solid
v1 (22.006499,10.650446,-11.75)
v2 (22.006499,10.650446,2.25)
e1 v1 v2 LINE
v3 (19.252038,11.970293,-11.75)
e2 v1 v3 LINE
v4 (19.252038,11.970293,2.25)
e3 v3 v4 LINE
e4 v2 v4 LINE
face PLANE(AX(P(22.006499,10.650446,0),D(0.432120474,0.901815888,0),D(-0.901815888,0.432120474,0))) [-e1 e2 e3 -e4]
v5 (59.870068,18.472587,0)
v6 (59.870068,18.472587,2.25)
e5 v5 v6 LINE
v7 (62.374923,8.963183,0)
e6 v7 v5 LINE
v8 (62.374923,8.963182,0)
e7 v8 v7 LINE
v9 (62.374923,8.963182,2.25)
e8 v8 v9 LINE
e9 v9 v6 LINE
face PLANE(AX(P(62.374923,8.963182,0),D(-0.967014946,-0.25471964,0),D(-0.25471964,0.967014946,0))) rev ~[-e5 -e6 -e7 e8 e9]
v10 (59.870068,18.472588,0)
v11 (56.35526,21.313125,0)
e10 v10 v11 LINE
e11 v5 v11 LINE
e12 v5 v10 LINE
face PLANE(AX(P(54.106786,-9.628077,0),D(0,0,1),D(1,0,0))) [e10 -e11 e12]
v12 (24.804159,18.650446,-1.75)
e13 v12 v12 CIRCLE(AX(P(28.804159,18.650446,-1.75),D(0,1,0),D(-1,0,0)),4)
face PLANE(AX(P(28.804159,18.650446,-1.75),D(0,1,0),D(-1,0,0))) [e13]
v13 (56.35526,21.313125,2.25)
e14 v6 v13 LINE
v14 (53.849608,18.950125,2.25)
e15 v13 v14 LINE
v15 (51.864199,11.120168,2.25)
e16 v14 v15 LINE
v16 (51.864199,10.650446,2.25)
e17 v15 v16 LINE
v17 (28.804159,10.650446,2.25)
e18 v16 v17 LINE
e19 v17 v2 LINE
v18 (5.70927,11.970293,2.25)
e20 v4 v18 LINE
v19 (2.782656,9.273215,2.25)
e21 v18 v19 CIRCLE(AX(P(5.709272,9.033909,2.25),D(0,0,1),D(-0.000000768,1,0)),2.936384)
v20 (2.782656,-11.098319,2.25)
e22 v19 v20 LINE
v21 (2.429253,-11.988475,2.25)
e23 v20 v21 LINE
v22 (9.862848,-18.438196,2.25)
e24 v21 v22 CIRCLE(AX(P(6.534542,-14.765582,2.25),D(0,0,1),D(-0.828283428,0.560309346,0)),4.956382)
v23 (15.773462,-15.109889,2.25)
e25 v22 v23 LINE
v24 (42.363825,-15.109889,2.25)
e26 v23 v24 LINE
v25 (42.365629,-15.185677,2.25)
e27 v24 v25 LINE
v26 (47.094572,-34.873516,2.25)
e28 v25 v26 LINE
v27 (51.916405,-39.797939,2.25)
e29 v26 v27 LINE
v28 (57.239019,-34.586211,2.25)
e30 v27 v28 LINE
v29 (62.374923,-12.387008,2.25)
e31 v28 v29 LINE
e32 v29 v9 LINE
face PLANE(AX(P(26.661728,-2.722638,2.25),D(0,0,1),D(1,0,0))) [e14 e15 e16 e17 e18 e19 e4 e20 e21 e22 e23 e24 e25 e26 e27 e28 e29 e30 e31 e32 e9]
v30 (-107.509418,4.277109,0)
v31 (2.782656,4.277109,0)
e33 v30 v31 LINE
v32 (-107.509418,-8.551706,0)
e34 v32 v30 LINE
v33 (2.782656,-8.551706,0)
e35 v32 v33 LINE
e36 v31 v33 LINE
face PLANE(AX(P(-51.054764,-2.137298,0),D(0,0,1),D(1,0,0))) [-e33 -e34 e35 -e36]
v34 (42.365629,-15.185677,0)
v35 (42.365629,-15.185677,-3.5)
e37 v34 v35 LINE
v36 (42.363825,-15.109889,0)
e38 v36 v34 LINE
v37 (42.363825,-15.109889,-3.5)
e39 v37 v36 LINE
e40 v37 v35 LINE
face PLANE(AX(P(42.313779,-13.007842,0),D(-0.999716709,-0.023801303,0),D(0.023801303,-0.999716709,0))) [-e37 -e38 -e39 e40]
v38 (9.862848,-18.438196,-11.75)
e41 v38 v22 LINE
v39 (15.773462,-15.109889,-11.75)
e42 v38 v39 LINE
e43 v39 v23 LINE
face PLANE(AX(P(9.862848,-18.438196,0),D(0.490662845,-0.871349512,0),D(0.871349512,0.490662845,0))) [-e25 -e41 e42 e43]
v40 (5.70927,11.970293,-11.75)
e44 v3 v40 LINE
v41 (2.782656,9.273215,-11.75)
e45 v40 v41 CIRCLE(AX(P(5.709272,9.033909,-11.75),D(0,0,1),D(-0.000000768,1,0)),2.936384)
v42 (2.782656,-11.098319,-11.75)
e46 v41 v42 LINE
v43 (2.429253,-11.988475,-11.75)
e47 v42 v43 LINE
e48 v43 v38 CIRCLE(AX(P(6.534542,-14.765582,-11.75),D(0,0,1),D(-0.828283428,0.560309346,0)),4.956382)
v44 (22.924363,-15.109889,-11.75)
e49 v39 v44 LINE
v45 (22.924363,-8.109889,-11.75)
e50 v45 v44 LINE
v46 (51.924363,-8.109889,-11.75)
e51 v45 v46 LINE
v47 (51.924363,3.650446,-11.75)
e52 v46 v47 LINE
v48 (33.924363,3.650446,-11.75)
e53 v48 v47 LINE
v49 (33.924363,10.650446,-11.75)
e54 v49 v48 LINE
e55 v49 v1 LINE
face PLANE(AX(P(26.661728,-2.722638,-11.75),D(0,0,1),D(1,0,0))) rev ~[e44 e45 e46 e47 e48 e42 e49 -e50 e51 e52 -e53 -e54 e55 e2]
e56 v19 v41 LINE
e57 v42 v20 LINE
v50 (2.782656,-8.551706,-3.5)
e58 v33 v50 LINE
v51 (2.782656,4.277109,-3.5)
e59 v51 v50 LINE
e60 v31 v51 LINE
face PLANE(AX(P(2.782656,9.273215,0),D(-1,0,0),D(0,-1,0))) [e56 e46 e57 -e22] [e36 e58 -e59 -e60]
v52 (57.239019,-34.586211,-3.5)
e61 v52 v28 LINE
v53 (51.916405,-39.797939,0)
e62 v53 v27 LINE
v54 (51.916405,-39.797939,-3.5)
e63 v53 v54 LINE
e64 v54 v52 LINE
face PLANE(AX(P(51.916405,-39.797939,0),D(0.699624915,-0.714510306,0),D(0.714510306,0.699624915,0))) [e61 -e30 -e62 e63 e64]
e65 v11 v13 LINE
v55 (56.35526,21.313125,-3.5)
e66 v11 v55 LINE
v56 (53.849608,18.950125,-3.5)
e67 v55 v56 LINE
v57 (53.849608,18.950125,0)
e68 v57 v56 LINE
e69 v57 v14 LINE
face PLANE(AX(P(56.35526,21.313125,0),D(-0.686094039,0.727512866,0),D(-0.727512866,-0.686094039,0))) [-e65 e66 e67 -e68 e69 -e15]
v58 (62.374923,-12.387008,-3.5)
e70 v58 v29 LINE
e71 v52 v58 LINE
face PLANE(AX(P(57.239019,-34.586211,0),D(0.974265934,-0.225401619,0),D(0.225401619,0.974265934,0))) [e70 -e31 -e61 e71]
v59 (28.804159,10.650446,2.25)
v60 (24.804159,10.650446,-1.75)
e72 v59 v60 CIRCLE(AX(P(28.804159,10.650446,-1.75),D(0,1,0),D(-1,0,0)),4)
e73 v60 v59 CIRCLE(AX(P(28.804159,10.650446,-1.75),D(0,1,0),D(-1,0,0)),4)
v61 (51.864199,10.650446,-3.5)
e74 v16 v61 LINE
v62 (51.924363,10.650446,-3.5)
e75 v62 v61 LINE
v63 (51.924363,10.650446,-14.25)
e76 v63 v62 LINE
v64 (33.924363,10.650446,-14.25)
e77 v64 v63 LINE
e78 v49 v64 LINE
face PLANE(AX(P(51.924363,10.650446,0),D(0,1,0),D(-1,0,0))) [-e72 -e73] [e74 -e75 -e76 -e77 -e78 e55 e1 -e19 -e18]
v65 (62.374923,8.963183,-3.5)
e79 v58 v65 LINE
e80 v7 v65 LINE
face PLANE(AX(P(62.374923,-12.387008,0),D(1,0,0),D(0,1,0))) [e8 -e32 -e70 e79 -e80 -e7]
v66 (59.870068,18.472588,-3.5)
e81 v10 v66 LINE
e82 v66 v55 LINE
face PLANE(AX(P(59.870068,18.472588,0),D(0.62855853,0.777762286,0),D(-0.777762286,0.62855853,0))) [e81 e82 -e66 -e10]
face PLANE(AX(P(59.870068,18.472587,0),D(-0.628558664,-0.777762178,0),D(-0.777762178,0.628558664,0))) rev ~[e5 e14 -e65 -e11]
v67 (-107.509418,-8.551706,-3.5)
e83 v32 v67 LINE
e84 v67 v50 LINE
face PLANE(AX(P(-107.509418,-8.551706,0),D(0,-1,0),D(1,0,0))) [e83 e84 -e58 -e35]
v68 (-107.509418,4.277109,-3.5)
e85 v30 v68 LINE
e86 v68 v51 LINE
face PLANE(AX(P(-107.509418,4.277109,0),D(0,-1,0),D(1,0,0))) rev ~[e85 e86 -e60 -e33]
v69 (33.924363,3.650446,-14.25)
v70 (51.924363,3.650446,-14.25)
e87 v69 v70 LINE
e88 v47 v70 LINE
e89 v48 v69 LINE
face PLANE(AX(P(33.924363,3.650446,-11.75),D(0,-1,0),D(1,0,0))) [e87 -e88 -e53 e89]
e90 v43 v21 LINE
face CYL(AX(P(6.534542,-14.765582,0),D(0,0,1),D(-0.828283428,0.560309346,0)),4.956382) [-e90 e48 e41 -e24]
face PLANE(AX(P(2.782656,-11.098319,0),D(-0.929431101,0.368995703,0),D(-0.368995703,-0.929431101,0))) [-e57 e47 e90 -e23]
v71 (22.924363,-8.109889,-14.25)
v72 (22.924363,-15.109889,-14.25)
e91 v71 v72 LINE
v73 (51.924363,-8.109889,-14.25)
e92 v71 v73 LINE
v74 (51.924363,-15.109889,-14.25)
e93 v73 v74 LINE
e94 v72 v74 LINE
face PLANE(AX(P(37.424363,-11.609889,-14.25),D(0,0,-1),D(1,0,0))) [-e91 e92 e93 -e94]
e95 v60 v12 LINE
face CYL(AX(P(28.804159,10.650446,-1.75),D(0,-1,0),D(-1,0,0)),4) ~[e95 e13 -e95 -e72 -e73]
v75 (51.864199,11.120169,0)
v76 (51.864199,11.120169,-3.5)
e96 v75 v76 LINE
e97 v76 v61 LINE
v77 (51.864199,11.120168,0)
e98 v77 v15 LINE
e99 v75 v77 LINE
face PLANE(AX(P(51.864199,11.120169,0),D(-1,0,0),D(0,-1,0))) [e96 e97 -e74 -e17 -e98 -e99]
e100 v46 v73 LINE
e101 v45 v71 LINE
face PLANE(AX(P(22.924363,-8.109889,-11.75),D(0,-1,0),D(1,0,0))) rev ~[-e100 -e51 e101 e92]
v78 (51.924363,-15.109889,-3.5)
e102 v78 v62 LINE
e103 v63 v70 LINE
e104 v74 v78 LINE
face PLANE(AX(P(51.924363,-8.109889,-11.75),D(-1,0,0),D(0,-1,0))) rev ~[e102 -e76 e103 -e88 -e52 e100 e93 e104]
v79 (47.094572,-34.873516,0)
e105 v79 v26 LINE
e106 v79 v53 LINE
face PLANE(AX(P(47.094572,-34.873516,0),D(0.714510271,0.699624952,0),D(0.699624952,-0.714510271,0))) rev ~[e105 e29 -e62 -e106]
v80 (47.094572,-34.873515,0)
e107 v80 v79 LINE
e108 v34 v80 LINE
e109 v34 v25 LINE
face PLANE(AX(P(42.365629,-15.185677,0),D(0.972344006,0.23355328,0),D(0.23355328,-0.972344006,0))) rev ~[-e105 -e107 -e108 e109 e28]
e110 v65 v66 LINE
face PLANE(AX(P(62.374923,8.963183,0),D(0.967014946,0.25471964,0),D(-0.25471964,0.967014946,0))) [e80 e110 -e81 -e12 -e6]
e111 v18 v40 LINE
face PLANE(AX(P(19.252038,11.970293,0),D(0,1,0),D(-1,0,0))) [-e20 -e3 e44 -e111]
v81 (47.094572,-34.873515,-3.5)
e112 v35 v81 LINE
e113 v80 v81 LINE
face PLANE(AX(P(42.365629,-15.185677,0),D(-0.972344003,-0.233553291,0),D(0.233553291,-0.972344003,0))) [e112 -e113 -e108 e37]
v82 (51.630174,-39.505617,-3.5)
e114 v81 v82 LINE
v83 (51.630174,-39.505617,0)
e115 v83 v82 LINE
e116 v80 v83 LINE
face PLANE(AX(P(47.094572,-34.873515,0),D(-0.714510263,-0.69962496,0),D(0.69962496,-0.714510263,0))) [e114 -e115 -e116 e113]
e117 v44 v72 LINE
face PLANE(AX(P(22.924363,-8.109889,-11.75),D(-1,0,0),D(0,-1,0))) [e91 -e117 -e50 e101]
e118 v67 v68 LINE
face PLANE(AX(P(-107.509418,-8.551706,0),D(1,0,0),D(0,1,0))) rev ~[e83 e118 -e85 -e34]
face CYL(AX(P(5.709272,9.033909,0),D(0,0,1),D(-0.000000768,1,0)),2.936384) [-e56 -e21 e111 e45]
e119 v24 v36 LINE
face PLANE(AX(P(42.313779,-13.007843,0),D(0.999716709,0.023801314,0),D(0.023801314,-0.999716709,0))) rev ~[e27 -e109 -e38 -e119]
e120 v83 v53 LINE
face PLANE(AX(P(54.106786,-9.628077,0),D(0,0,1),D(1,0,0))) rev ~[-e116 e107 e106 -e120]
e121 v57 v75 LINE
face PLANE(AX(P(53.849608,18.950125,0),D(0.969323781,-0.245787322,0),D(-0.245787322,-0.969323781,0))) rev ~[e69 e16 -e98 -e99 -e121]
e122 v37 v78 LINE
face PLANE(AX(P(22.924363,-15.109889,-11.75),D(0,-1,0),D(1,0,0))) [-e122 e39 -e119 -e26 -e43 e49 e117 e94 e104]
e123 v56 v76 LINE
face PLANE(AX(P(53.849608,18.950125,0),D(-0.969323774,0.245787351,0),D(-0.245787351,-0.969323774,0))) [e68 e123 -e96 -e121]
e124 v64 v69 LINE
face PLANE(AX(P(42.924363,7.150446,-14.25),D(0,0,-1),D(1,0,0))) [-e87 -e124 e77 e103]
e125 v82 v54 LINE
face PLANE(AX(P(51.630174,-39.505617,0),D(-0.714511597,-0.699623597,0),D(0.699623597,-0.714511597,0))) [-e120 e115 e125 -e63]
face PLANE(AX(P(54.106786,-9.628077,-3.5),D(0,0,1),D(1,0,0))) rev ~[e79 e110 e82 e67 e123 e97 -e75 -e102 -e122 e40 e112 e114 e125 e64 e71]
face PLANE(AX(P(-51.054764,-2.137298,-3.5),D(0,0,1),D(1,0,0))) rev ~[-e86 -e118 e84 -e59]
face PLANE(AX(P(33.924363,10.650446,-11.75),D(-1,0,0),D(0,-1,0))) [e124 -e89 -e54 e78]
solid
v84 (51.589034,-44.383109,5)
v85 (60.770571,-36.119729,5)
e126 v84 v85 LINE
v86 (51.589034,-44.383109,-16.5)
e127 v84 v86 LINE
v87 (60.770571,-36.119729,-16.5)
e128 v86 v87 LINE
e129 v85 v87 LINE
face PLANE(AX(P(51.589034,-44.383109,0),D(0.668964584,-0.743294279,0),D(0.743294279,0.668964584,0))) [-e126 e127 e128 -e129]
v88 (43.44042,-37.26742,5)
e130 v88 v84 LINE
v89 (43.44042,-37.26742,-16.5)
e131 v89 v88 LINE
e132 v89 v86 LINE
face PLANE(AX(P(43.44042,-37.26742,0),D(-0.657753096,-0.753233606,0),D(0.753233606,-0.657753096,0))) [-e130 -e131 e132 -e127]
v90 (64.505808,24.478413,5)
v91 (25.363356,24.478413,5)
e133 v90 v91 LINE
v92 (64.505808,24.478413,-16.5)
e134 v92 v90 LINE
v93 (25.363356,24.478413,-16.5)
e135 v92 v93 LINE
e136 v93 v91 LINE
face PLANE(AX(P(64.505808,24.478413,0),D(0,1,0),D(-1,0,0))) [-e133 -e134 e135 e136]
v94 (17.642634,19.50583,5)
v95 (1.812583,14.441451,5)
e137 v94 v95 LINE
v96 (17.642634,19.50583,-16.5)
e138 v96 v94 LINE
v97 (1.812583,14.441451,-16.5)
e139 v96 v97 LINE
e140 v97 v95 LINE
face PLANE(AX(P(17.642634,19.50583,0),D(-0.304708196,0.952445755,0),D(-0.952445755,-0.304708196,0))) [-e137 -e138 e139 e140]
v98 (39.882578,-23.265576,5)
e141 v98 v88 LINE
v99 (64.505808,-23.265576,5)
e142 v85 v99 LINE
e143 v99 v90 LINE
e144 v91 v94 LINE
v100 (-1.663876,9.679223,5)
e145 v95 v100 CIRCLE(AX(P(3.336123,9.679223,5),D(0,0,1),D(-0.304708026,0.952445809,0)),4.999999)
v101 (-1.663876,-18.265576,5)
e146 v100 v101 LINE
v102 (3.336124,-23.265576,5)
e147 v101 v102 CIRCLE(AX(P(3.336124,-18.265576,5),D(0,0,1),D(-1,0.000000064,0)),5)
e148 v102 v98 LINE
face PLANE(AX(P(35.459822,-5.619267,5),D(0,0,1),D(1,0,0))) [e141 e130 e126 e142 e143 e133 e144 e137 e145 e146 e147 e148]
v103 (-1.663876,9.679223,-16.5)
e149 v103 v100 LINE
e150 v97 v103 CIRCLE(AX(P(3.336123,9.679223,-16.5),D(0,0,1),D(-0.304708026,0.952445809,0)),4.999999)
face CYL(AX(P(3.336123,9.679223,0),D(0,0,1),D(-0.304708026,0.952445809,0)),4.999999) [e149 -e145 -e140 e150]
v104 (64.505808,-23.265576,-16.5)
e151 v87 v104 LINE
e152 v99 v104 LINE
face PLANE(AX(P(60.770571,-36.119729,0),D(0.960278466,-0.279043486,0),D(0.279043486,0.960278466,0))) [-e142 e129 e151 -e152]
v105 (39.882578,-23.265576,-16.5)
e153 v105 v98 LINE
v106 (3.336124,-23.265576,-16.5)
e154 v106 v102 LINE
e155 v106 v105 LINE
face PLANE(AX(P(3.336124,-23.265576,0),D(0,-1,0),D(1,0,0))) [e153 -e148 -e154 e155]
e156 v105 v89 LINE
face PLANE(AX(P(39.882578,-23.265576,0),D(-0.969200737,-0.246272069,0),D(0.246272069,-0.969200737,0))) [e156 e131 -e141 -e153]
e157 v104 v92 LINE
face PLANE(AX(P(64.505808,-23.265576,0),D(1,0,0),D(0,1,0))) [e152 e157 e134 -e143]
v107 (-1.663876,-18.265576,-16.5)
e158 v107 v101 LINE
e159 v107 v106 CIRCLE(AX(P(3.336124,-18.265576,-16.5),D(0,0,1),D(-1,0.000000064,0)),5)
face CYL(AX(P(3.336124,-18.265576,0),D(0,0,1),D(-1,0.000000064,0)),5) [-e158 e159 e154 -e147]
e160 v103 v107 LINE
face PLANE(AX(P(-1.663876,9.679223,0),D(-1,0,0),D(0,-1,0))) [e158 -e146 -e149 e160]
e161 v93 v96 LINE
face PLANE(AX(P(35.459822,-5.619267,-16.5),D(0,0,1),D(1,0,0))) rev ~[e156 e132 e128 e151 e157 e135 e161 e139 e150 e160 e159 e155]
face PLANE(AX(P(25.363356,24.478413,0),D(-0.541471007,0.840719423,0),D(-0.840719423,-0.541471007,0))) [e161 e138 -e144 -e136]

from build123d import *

# Parameters (mm, degrees)
F1_W           = 112.909309
F1_H           = 12.828815
F2_DEPTH       = 3.5
F4_DEPTH       = 2.25
F5_DEPTH       = 11.75
F6_R           = 4
F7_DEPTH       = 8
F8_W           = 29
F8_H           = 7
F8_W_2         = 18
F9_DEPTH       = 2.5
F11_DEPTH      = 5
F11_DEPTH_BACK = 16.5


with BuildPart() as f2:
    # F1 (on Top) → F2 (new body)
    with BuildSketch(Plane.XY):
        with Locations((-51.054764, -2.137298)):
            Rectangle(F1_W, F1_H)
        Polygon((42.313779, -13.007842), (42.365629, -15.185677), (47.094572, -34.873515), (51.630174, -39.505617), (51.916405, -39.797939), (57.239019, -34.586211), (62.374923, -12.387008), (62.374923, 8.963183), (59.870068, 18.472588), (56.35526, 21.313125), (53.849608, 18.950125), (51.864199, 11.120169), (51.864199, -4.743773), (49.167123, -4.743773), (49.167123, -12.950492), align=None)
    extrude(amount=-F2_DEPTH)

    # F3 (on Top) + F2_face (on face) → F4 (join)
    with BuildSketch(Plane.XY):
        with BuildLine():
            Line((2.782656, 9.273215), (2.782656, -11.098319))
            Line((2.782656, -11.098319), (2.429253, -11.988475))
            ThreePointArc((2.429253, -11.988475), (3.286365, -18.509252), (9.862848, -18.438196))
            Line((9.862848, -18.438196), (15.773462, -15.109889))
            Line((15.773462, -15.109889), (51.924363, -15.109889))
            Line((51.924363, -15.109889), (51.924363, -4.760419))
            Line((51.924363, -4.760419), (51.924363, 10.650446))
            Line((51.924363, 10.650446), (22.006499, 10.650446))
            Line((22.006499, 10.650446), (19.252038, 11.970293))
            Line((19.252038, 11.970293), (5.70927, 11.970293))
            ThreePointArc((5.70927, 11.970293), (3.71934, 11.193196), (2.782656, 9.273215))
        make_face()
    with BuildSketch(Plane(origin=(54.305877, -11.206478, 0), x_dir=(1, 0, 0), z_dir=(0, 0, 1))):
        Polygon((8.069046, 20.16966), (5.564191, 29.679065), (2.049383, 32.519603), (-0.456269, 30.156603), (-2.441678, 22.326646), (-2.441678, 6.462704), (-5.138754, 6.462704), (-5.138754, -1.744015), (-11.992098, -1.801365), (-11.940248, -3.979199), (-7.211305, -23.667038), (-2.389472, -28.591461), (2.933142, -23.379733), (8.069046, -1.18053), align=None)
    extrude(amount=F4_DEPTH)

    # F3 (on Top) → F5 (join)
    with BuildSketch(Plane.XY):
        with BuildLine():
            Line((2.782656, 9.273215), (2.782656, -11.098319))
            Line((2.782656, -11.098319), (2.429253, -11.988475))
            ThreePointArc((2.429253, -11.988475), (3.286365, -18.509252), (9.862848, -18.438196))
            Line((9.862848, -18.438196), (15.773462, -15.109889))
            Line((15.773462, -15.109889), (51.924363, -15.109889))
            Line((51.924363, -15.109889), (51.924363, -4.760419))
            Line((51.924363, -4.760419), (51.924363, 10.650446))
            Line((51.924363, 10.650446), (22.006499, 10.650446))
            Line((22.006499, 10.650446), (19.252038, 11.970293))
            Line((19.252038, 11.970293), (5.70927, 11.970293))
            ThreePointArc((5.70927, 11.970293), (3.71934, 11.193196), (2.782656, 9.273215))
        make_face()
    extrude(amount=-F5_DEPTH)

    # F6 (on face) → F7 (join)
    with BuildSketch(Plane(origin=(0, 10.650446, 0), x_dir=(-1, 0, 0), z_dir=(0, 1, 0))):
        with Locations((-28.804159, -1.75)):
            Circle(F6_R)
    extrude(amount=F7_DEPTH)

    # F8 (on face) → F9 (join)
    with BuildSketch(Plane(origin=(0, 0, -11.75), x_dir=(1, 0, 0), z_dir=(0, 0, -1))):
        with Locations((37.424363, 11.609889)):
            Rectangle(F8_W, F8_H)
        with Locations((42.924363, -7.150446)):
            Rectangle(F8_W_2, F8_H)
    extrude(amount=F9_DEPTH)


with BuildPart() as f11:
    # F10 (on Top) → F11 (new body, two sides)
    with BuildSketch(Plane.XY) as f11_sk:
        with BuildLine():
            Line((64.505808, -23.265576), (64.505808, 24.478413))
            Line((64.505808, 24.478413), (25.363356, 24.478413))
            Line((25.363356, 24.478413), (17.642634, 19.50583))
            Line((17.642634, 19.50583), (1.812583, 14.441451))
            ThreePointArc((1.812583, 14.441451), (-0.702298, 12.627298), (-1.663876, 9.679223))
            Line((-1.663876, 9.679223), (-1.663876, -18.265576))
            ThreePointArc((-1.663876, -18.265576), (-0.19941, -21.80111), (3.336124, -23.265576))
            Line((3.336124, -23.265576), (39.882578, -23.265576))
            Line((39.882578, -23.265576), (43.44042, -37.26742))
            Line((43.44042, -37.26742), (51.589034, -44.383109))
            Line((51.589034, -44.383109), (60.770571, -36.119729))
            Line((60.770571, -36.119729), (64.505808, -23.265576))
        make_face()
    extrude(amount=F11_DEPTH)
    extrude(f11_sk.sketch, amount=-F11_DEPTH_BACK)


solid = Compound([f2.part, f11.part])
